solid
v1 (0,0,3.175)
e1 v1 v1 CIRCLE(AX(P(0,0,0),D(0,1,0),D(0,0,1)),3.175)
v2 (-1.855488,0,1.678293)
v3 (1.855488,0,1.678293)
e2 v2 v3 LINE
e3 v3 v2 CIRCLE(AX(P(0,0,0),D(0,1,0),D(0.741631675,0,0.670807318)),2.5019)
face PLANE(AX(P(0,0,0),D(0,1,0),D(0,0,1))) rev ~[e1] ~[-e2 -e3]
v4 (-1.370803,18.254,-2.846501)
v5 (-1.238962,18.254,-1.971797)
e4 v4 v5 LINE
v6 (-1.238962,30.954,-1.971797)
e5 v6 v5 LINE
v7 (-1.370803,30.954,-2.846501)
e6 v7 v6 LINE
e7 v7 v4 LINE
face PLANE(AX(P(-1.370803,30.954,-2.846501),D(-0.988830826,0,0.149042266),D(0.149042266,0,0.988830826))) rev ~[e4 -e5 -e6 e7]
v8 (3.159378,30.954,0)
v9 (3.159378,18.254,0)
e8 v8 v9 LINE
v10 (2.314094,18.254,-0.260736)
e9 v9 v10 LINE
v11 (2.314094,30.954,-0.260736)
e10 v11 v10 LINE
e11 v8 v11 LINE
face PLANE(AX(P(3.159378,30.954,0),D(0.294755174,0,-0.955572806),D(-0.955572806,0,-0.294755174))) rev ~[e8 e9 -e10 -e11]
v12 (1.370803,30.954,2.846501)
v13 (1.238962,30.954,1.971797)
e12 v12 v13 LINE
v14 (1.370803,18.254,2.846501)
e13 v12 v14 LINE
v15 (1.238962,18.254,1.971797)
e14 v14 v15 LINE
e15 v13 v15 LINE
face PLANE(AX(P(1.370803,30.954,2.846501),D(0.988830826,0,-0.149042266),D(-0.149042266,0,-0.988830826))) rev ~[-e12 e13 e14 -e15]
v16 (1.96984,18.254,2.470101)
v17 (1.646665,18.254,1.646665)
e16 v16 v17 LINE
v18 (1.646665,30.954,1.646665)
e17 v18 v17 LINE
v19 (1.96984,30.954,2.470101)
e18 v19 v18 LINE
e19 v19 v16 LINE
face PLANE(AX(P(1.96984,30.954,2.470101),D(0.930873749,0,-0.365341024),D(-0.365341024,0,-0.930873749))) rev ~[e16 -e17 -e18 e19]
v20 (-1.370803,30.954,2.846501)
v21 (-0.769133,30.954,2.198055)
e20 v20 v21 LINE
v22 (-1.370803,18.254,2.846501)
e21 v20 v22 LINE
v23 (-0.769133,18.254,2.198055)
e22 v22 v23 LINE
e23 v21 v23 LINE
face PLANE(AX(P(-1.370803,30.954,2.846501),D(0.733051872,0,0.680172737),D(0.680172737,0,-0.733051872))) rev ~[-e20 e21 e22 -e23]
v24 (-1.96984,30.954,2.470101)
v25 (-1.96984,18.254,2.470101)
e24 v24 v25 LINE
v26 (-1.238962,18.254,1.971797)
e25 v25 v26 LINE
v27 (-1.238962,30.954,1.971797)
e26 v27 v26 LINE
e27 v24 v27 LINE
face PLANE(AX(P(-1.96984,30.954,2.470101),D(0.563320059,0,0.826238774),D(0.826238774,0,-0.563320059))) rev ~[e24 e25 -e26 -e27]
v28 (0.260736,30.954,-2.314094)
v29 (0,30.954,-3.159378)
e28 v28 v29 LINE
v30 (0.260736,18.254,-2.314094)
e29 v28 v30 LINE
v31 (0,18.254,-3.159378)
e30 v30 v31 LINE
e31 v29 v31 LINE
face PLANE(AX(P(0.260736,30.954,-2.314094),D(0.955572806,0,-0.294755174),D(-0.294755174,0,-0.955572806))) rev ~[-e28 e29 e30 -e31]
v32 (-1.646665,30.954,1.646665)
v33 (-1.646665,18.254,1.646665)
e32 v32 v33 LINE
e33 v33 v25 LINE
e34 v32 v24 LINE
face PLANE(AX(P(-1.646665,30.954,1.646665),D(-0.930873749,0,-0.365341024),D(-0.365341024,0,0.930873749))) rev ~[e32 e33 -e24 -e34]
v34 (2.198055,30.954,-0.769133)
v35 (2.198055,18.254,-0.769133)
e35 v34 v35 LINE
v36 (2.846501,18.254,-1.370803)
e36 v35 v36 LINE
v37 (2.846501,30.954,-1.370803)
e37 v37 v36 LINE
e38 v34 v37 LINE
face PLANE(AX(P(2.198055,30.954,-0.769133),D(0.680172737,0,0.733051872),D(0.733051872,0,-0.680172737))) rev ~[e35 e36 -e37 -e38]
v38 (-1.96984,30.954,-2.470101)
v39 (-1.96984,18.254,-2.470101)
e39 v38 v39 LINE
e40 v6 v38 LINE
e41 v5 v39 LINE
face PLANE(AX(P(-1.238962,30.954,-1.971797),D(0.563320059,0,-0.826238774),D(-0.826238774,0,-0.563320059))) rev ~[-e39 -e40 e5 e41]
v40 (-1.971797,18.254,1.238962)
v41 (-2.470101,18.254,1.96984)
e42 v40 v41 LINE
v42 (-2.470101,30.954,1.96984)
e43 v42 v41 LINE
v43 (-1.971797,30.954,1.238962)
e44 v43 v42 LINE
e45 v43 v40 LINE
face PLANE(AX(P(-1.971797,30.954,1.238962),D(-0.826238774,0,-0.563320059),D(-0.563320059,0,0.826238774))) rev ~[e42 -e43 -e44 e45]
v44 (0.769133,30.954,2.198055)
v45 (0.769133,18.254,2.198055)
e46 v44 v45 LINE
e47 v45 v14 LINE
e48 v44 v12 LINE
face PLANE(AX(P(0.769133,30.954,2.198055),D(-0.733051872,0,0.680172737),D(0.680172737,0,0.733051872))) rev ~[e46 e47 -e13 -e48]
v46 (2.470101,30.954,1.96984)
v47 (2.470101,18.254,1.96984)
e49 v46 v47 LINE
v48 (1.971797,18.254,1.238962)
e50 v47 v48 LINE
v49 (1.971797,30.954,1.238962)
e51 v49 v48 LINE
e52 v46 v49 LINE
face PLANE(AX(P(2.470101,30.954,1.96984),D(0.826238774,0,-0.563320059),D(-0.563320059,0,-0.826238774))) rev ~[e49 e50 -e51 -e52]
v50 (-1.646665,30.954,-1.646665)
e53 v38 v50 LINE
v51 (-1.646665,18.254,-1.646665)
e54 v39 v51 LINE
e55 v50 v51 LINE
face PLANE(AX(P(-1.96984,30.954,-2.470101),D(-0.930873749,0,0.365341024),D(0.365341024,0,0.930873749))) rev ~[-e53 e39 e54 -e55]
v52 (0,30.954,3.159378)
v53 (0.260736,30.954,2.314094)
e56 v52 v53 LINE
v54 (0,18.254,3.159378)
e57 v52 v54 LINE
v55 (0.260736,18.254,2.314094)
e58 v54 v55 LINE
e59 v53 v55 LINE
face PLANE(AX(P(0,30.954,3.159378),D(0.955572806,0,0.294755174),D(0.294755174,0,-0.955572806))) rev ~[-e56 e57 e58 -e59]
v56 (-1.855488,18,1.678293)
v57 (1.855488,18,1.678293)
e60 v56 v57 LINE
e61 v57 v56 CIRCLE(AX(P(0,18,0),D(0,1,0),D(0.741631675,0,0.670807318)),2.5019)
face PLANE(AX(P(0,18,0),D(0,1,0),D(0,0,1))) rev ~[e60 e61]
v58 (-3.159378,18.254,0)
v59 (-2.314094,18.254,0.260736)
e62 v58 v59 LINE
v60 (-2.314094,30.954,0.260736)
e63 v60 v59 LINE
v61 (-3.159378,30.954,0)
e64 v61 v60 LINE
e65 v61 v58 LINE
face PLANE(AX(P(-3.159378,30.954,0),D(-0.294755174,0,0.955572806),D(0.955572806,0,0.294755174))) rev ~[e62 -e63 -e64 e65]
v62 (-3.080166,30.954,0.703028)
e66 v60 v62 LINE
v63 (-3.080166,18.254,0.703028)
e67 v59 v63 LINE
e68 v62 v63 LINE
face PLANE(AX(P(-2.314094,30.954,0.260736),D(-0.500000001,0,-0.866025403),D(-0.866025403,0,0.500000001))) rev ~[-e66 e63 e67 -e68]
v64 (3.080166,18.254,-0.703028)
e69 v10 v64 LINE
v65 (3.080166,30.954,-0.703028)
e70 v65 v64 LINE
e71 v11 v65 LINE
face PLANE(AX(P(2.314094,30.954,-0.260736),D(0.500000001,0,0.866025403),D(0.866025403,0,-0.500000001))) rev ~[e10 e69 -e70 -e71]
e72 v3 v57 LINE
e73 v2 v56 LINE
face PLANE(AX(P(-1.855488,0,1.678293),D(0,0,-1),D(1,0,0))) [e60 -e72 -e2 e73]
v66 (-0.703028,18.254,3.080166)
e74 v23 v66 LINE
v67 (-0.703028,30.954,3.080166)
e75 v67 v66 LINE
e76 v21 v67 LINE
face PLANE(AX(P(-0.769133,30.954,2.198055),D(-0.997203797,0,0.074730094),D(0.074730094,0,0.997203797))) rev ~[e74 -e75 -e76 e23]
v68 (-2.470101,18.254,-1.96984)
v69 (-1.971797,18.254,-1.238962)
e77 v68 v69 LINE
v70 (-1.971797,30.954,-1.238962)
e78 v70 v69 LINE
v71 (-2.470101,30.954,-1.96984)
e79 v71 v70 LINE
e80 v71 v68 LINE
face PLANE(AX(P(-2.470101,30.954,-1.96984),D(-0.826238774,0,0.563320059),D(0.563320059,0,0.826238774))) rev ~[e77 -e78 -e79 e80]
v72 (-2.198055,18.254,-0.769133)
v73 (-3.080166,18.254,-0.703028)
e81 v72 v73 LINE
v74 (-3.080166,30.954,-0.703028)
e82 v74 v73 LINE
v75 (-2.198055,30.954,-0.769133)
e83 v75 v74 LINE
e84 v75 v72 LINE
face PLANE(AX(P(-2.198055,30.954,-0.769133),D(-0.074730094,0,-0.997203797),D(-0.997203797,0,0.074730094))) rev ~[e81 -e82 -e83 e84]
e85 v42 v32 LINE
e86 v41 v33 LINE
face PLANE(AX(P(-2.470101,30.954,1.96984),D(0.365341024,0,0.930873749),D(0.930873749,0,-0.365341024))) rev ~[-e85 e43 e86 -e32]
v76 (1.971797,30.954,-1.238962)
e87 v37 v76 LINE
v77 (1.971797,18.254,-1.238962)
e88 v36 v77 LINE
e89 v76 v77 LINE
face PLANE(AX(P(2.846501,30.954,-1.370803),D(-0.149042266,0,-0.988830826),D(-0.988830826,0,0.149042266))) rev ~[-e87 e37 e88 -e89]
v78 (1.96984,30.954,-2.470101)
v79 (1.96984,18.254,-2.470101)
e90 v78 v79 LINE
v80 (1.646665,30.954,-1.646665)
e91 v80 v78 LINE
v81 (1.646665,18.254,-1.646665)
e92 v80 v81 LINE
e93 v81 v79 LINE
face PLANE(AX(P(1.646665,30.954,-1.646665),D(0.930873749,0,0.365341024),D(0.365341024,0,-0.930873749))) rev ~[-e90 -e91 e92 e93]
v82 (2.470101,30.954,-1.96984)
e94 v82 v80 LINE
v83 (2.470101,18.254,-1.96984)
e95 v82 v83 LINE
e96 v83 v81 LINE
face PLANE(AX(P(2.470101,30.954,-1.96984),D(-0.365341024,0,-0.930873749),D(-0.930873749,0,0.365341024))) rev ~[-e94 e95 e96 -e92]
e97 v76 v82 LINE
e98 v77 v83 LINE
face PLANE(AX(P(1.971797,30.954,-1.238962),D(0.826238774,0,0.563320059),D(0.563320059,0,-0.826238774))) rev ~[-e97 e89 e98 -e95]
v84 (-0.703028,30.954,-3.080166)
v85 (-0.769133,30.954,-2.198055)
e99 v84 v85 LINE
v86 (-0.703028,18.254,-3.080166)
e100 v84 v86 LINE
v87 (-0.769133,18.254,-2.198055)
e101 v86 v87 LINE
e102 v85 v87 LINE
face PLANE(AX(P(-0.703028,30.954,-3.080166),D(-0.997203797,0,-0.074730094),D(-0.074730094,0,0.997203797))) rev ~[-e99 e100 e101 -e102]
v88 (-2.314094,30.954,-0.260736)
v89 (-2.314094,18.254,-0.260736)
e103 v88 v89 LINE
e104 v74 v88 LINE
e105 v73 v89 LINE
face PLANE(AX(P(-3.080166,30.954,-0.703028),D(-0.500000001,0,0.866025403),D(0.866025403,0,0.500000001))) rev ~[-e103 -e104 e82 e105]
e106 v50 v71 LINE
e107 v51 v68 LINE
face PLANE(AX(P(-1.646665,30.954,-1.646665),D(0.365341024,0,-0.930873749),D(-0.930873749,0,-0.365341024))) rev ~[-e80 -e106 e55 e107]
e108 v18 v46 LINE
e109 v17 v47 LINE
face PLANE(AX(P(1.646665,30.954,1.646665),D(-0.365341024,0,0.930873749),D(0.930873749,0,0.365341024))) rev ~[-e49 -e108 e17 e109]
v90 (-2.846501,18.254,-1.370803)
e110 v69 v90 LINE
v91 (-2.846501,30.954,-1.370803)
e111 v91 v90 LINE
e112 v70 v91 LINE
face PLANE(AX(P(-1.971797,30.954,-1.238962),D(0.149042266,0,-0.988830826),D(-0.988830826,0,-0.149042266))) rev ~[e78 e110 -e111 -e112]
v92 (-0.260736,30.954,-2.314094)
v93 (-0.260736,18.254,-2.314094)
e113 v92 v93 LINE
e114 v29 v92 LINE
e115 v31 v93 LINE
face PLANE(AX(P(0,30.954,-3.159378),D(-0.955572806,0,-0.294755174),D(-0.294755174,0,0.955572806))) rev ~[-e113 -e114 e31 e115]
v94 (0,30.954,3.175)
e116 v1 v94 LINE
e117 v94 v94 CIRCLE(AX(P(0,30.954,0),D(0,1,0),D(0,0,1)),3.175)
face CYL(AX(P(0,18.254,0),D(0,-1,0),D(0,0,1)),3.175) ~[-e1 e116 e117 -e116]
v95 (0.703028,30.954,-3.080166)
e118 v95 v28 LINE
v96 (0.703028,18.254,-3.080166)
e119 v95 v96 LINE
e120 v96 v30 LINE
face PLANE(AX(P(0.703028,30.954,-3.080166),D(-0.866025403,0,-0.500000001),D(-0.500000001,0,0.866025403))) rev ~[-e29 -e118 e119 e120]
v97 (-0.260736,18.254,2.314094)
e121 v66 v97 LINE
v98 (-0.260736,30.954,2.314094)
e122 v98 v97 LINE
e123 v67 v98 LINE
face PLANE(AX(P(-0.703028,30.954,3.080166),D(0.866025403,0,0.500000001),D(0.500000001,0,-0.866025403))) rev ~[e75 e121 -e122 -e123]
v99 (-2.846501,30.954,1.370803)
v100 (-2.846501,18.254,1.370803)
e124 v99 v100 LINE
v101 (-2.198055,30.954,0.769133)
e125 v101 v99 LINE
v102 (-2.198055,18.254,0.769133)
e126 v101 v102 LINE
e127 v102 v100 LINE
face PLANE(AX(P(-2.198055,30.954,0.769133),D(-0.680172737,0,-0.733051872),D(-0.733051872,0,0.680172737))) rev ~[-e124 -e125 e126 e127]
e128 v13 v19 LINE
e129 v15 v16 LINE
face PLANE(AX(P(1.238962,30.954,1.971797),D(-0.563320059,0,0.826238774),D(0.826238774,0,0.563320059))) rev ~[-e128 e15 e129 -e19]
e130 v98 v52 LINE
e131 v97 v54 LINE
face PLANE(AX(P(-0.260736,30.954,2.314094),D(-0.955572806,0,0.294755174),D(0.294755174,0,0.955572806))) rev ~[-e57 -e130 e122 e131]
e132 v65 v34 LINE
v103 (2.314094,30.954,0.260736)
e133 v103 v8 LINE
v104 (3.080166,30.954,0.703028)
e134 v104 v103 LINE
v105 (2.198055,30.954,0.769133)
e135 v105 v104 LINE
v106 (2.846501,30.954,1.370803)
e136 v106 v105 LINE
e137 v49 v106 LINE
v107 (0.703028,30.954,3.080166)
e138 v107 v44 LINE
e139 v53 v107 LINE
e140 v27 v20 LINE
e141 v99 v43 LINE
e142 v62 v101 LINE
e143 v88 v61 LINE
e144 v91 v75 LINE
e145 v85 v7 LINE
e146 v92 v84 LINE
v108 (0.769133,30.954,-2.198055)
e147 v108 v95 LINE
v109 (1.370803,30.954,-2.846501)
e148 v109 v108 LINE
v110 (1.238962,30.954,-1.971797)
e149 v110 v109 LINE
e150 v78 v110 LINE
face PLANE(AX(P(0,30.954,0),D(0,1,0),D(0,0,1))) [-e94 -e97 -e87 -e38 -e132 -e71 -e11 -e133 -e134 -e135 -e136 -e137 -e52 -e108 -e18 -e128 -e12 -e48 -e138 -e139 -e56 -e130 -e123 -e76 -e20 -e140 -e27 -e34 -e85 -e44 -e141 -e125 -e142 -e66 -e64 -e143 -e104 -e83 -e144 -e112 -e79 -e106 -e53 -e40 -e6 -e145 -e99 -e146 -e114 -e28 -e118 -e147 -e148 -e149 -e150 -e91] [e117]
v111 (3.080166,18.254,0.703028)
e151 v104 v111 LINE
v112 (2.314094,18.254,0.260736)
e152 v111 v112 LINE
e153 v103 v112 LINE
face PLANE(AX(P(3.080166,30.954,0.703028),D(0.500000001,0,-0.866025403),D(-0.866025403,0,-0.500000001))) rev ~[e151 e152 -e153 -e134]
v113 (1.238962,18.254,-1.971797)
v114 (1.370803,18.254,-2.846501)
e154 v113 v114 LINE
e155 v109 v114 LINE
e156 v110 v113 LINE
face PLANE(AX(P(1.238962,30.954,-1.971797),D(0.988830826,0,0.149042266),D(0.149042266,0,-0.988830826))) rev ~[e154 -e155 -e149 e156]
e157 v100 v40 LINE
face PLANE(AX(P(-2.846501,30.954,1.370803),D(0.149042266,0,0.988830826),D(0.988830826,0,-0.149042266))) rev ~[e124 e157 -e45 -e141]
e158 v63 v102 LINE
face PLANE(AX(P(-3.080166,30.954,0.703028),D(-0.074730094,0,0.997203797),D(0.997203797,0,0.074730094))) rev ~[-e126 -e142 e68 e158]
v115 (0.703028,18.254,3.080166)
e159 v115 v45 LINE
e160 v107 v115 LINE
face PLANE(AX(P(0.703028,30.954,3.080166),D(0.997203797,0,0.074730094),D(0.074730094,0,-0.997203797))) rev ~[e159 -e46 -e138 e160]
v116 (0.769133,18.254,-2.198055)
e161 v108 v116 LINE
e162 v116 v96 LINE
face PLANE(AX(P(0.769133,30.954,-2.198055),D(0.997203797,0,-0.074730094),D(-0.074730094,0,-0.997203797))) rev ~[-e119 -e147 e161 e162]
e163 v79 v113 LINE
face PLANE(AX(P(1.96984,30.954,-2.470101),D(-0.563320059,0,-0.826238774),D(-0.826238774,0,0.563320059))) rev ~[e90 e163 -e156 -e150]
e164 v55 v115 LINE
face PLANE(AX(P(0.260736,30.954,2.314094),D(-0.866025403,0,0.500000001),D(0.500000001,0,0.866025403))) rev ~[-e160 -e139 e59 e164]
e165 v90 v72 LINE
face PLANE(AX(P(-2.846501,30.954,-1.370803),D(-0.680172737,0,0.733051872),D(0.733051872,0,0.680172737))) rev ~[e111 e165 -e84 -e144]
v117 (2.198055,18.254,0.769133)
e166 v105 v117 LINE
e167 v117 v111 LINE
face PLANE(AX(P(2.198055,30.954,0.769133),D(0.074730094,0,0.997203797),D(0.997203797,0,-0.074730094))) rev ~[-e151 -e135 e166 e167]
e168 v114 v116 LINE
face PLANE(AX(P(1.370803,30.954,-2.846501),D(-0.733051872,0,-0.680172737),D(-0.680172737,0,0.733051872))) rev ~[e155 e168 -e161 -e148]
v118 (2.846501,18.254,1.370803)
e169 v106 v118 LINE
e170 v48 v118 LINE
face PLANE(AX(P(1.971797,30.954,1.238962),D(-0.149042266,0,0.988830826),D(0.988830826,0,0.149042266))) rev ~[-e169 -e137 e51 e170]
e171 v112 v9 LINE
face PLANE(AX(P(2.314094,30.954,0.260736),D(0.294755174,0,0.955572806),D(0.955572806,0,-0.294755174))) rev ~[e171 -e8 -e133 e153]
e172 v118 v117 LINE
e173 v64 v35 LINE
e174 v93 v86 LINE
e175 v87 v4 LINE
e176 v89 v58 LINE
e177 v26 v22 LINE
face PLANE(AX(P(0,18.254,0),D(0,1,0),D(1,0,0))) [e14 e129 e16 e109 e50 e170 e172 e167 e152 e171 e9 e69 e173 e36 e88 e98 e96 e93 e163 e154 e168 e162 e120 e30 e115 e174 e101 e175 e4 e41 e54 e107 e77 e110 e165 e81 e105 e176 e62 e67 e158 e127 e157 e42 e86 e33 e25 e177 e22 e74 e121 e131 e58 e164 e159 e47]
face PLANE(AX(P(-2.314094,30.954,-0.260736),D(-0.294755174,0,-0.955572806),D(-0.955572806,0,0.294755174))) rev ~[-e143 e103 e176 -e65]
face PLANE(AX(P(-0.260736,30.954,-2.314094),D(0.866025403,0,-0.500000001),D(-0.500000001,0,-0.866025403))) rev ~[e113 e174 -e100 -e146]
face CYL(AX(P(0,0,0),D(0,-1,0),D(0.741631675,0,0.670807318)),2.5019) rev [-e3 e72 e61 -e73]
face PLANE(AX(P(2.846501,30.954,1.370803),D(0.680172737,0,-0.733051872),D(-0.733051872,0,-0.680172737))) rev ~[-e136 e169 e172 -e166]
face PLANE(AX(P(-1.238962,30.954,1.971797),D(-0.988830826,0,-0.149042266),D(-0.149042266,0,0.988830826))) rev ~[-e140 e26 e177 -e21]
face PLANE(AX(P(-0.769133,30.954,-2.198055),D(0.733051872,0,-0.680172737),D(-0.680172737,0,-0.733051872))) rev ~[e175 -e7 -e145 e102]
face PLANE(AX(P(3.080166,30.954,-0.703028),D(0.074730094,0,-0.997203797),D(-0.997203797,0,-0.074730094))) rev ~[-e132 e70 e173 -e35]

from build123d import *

# Parameters (mm, degrees)
SKETCH1_R           = 3.175
BOSS_EXTRUDE1_DEPTH = 18.000000068
SKETCH2_R           = 3.175
BOSS_EXTRUDE2_DEPTH = 0.254
SKETCH4_R           = 3.175
BOSS_EXTRUDE3_DEPTH = 12.7
CUT_EXTRUDE3_DEPTH  = 12.7


with BuildPart() as part:
    # Sketch1 → Boss-Extrude1 (new body)
    with BuildSketch(Plane(origin=(0, 0, 0), x_dir=(1, 0, 0), z_dir=(0, 1, 0))):
        with Locations(Location((0, 0, 0), (0, 0, 270))):
            Circle(SKETCH1_R)
        with BuildLine():
            Line((-1.855488288, -1.67829283), (1.855488288, -1.67829283))
            ThreePointArc((1.855488288, -1.67829283), (0, 2.5019), (-1.855488288, -1.67829283))
        make_face(mode=Mode.SUBTRACT)
    extrude(amount=BOSS_EXTRUDE1_DEPTH)

    # Sketch2 → Boss-Extrude2 (add)
    with BuildSketch(Plane(origin=(0, 18.000000068, 0), x_dir=(1, 0, 0), z_dir=(0, 1, 0))):
        with Locations(Location((0, 0, 0), (0, 0, 270))):
            Circle(SKETCH2_R)
    extrude(amount=BOSS_EXTRUDE2_DEPTH)

    # Sketch4 → Boss-Extrude3 (add)
    with BuildSketch(Plane(origin=(0, 18.254000068, 0), x_dir=(1, 0, 0), z_dir=(0, 1, 0))):
        with Locations(Location((0, 0, 0), (0, 0, 270))):
            Circle(SKETCH4_R)
    extrude(amount=BOSS_EXTRUDE3_DEPTH)

    # Sketch5 → Cut-Extrude3 (cut)
    with BuildSketch(Plane(origin=(0, 30.954000068, 0), x_dir=(1, 0, 0), z_dir=(0, 1, 0))):
        Polygon((0.703027733, 3.08016575), (0.260735719, 2.314093511), (0, 3.159377952), (-0.260735719, 2.314093511), (-0.703027733, 3.08016575), (-0.76913278, 2.1980552), (-1.370802719, 2.846501177), (-1.238962311, 1.971797222), (-1.969839933, 2.470101148), (-1.646665099, 1.646665099), (-2.470101148, 1.969839933), (-1.971797222, 1.238962311), (-2.846501177, 1.370802719), (-2.1980552, 0.76913278), (-3.08016575, 0.703027733), (-2.314093511, 0.260735719), (-3.159377952, 0), (-2.314093511, -0.260735719), (-3.08016575, -0.703027733), (-2.1980552, -0.76913278), (-2.846501177, -1.370802719), (-1.971797222, -1.238962311), (-2.470101148, -1.969839933), (-1.646665099, -1.646665099), (-1.969839933, -2.470101148), (-1.238962311, -1.971797222), (-1.370802719, -2.846501177), (-0.76913278, -2.1980552), (-0.703027733, -3.08016575), (-0.260735719, -2.314093511), (0, -3.159377952), (0.260735719, -2.314093511), (0.703027733, -3.08016575), (0.76913278, -2.1980552), (1.370802719, -2.846501177), (1.238962311, -1.971797222), (1.969839933, -2.470101148), (1.646665099, -1.646665099), (2.470101148, -1.969839933), (1.971797222, -1.238962311), (2.846501177, -1.370802719), (2.1980552, -0.76913278), (3.08016575, -0.703027733), (2.314093511, -0.260735719), (3.159377952, 0), (2.314093511, 0.260735719), (3.08016575, 0.703027733), (2.1980552, 0.76913278), (2.846501177, 1.370802719), (1.971797222, 1.238962311), (2.470101148, 1.969839933), (1.646665099, 1.646665099), (1.969839933, 2.470101148), (1.238962311, 1.971797222), (1.370802719, 2.846501177), (0.76913278, 2.1980552), align=None)
    extrude(amount=-CUT_EXTRUDE3_DEPTH, mode=Mode.SUBTRACT)


solid = part.part
